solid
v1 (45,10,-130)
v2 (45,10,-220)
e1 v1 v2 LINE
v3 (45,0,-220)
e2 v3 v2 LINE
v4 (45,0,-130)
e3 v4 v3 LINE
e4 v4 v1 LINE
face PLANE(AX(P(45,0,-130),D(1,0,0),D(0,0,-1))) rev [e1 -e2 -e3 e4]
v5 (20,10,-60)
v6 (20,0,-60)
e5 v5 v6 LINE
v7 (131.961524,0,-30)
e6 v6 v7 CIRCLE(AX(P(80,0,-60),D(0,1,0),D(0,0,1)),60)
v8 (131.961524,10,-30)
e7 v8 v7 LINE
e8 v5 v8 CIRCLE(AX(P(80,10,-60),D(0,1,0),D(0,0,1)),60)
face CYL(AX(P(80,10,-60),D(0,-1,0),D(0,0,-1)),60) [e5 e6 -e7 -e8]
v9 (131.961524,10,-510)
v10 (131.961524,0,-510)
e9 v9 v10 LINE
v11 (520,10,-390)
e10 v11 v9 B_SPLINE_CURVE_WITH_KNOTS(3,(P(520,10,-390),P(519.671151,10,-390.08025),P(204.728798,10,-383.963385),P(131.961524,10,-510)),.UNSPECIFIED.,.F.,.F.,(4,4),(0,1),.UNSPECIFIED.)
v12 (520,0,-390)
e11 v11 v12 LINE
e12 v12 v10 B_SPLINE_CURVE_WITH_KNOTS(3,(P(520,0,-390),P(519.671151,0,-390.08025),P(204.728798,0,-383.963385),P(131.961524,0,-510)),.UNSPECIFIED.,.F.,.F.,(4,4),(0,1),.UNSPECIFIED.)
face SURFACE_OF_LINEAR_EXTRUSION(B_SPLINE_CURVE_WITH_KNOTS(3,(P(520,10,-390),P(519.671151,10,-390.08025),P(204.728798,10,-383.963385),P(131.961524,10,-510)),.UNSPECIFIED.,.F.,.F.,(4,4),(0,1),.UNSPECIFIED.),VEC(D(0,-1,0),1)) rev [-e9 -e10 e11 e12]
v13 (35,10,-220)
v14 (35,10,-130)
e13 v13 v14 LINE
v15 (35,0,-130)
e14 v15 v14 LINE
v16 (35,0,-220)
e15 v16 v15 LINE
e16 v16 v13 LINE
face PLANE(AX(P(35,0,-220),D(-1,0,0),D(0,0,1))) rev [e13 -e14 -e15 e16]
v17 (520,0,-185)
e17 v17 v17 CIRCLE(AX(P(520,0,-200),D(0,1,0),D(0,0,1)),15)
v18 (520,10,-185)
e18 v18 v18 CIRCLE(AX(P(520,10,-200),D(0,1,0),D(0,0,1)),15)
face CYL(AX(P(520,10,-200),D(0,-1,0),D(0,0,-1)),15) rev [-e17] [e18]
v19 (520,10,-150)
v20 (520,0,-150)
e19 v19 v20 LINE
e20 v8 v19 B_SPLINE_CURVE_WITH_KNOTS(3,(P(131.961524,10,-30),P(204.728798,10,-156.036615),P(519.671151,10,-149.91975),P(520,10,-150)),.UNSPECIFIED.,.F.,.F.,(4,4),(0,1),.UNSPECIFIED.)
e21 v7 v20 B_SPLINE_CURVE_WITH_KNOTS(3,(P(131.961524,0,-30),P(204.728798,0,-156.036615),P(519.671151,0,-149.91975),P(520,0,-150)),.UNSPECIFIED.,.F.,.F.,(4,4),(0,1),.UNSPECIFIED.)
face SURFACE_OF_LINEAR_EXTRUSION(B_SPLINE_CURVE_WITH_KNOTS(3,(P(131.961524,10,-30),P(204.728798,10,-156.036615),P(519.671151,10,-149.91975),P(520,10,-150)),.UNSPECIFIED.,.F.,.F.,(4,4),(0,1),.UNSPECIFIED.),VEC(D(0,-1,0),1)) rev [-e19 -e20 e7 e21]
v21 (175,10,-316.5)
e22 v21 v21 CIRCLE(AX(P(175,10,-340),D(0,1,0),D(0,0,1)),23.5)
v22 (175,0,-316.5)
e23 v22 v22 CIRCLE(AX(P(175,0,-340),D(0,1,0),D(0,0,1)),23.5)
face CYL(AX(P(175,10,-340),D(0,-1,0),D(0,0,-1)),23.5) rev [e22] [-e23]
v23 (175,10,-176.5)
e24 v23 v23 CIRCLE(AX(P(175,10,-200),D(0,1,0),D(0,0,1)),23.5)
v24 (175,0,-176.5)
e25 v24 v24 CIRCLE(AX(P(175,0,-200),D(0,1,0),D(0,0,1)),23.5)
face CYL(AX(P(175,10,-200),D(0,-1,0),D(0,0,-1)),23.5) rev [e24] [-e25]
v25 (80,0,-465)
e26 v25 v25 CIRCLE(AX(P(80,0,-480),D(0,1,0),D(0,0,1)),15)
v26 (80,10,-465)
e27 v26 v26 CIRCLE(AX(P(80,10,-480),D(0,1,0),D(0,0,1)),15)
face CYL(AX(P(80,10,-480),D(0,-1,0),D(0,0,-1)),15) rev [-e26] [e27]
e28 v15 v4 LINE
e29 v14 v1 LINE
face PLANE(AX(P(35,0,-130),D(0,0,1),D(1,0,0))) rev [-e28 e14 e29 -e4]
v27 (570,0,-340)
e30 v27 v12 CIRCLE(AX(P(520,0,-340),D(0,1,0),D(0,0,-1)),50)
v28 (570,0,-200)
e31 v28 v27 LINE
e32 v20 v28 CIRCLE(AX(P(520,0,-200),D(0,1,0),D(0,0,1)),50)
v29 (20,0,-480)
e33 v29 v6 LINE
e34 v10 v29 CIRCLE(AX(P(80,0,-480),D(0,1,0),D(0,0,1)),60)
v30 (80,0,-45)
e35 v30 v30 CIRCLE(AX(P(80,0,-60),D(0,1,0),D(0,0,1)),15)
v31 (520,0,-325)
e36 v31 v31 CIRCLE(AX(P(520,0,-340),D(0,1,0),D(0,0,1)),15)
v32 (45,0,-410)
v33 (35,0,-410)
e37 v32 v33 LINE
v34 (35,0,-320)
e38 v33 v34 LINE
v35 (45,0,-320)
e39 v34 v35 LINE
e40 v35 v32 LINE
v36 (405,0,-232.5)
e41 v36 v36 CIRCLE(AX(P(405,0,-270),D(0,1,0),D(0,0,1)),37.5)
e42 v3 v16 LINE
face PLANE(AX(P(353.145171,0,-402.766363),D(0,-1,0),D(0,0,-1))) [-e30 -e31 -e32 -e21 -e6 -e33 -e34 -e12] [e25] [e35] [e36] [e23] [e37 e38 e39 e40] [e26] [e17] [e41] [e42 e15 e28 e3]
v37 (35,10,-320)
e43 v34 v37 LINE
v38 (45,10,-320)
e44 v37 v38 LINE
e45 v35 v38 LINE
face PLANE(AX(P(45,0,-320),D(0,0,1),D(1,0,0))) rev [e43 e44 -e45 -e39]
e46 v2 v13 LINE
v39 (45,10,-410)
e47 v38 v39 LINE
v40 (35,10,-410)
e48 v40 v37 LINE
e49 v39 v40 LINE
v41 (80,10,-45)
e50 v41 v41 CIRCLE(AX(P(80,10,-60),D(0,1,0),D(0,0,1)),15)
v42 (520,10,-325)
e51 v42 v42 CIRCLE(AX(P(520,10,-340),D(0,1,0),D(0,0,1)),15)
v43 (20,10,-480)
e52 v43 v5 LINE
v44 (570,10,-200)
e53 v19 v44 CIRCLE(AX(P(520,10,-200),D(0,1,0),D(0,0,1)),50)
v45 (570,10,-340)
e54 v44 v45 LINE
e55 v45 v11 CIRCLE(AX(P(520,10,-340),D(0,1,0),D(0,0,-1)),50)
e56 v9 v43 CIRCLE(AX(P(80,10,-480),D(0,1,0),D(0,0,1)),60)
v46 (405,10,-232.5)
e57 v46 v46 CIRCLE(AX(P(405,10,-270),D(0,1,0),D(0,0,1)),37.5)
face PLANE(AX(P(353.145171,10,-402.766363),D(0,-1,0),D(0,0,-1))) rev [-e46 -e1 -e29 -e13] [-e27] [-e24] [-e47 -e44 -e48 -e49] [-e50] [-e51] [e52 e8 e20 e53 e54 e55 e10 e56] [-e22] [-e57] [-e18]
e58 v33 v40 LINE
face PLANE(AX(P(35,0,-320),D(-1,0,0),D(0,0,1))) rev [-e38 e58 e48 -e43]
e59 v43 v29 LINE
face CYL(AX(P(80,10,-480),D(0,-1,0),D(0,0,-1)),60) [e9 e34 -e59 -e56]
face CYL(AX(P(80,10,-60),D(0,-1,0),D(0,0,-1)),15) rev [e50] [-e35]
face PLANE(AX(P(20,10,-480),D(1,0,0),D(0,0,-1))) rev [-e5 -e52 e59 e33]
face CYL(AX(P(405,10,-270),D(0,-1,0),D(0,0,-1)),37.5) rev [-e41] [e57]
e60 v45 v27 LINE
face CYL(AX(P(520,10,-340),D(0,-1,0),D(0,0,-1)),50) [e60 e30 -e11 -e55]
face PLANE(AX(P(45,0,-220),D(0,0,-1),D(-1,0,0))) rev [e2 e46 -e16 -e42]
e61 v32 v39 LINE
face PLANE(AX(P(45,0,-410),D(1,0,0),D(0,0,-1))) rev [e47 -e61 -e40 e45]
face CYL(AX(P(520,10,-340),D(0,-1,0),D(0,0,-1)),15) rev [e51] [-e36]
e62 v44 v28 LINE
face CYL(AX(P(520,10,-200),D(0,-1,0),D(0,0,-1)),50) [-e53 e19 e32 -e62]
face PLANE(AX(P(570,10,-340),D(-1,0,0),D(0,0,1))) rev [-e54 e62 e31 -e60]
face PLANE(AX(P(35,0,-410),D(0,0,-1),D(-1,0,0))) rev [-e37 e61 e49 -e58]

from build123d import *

# Parameters (mm, degrees)
ESQUISSE1_R             = 37.5
ESQUISSE1_R_2           = 15
ESQUISSE1_R_3           = 23.5
BOSS_EXTRU_2_DEPTH      = 10
ESQUISSE2_W             = 10
ESQUISSE2_H             = 90
ENL_V_MAT_EXTRU_1_DEPTH = 10


with BuildPart() as part:
    # Esquisse1 → Boss.-Extru.2 (new body)
    with BuildSketch(Plane(origin=(0, 0, 0), x_dir=(1, 0, 0), z_dir=(0, 1, 0))):
        with BuildLine():
            Line((20, 480), (20, 60))
            ThreePointArc((20, 60), (64.470857294, 2.044450423), (131.961524227, 30))
            add(Edge.make_bspline(
                [(131.961524227, 30), (204.728797974, 156.036615257), (519.671151051, 149.91974963), (520, 150)],
                knots=[0, 0, 0, 0, 1, 1, 1, 1], degree=3))
            ThreePointArc((520, 150), (555.355339059, 164.644660941), (570, 200))
            Line((570, 200), (570, 340))
            ThreePointArc((570, 340), (555.355339059, 375.355339059), (520, 390))
            add(Edge.make_bspline(
                [(131.961524227, 510), (204.728797974, 383.963384743), (519.671151051, 390.08025037), (520, 390)],
                knots=[0, 0, 0, 0, 1, 1, 1, 1], degree=3))
            ThreePointArc((131.961524227, 510), (64.470857294, 537.955549577), (20, 480))
        make_face()
        with Locations(Location((405, 270, 0), (0, 0, 270))):
            Circle(ESQUISSE1_R, mode=Mode.SUBTRACT)
        with Locations(Location((520, 200, 0), (0, 0, 270))):
            Circle(ESQUISSE1_R_2, mode=Mode.SUBTRACT)
        with Locations(Location((520, 340, 0), (0, 0, 270))):
            Circle(ESQUISSE1_R_2, mode=Mode.SUBTRACT)
        with Locations(Location((80, 480, 0), (0, 0, 270))):
            Circle(ESQUISSE1_R_2, mode=Mode.SUBTRACT)
        with Locations(Location((80, 60, 0), (0, 0, 270))):
            Circle(ESQUISSE1_R_2, mode=Mode.SUBTRACT)
        with Locations(Location((175, 340, 0), (0, 0, 270))):
            Circle(ESQUISSE1_R_3, mode=Mode.SUBTRACT)
        with Locations(Location((175, 200, 0), (0, 0, 270))):
            Circle(ESQUISSE1_R_3, mode=Mode.SUBTRACT)
    extrude(amount=BOSS_EXTRU_2_DEPTH)

    # Esquisse2 → Enlèv. mat.-Extru.1 (cut)
    with BuildSketch(Plane(origin=(0, 10, 0), x_dir=(1, 0, 0), z_dir=(0, 1, 0))):
        with Locations((40, 175)):
            Rectangle(ESQUISSE2_W, ESQUISSE2_H)
        with Locations((40, 365)):
            Rectangle(ESQUISSE2_W, ESQUISSE2_H)
    extrude(amount=-ENL_V_MAT_EXTRU_1_DEPTH, mode=Mode.SUBTRACT)


solid = part.part
